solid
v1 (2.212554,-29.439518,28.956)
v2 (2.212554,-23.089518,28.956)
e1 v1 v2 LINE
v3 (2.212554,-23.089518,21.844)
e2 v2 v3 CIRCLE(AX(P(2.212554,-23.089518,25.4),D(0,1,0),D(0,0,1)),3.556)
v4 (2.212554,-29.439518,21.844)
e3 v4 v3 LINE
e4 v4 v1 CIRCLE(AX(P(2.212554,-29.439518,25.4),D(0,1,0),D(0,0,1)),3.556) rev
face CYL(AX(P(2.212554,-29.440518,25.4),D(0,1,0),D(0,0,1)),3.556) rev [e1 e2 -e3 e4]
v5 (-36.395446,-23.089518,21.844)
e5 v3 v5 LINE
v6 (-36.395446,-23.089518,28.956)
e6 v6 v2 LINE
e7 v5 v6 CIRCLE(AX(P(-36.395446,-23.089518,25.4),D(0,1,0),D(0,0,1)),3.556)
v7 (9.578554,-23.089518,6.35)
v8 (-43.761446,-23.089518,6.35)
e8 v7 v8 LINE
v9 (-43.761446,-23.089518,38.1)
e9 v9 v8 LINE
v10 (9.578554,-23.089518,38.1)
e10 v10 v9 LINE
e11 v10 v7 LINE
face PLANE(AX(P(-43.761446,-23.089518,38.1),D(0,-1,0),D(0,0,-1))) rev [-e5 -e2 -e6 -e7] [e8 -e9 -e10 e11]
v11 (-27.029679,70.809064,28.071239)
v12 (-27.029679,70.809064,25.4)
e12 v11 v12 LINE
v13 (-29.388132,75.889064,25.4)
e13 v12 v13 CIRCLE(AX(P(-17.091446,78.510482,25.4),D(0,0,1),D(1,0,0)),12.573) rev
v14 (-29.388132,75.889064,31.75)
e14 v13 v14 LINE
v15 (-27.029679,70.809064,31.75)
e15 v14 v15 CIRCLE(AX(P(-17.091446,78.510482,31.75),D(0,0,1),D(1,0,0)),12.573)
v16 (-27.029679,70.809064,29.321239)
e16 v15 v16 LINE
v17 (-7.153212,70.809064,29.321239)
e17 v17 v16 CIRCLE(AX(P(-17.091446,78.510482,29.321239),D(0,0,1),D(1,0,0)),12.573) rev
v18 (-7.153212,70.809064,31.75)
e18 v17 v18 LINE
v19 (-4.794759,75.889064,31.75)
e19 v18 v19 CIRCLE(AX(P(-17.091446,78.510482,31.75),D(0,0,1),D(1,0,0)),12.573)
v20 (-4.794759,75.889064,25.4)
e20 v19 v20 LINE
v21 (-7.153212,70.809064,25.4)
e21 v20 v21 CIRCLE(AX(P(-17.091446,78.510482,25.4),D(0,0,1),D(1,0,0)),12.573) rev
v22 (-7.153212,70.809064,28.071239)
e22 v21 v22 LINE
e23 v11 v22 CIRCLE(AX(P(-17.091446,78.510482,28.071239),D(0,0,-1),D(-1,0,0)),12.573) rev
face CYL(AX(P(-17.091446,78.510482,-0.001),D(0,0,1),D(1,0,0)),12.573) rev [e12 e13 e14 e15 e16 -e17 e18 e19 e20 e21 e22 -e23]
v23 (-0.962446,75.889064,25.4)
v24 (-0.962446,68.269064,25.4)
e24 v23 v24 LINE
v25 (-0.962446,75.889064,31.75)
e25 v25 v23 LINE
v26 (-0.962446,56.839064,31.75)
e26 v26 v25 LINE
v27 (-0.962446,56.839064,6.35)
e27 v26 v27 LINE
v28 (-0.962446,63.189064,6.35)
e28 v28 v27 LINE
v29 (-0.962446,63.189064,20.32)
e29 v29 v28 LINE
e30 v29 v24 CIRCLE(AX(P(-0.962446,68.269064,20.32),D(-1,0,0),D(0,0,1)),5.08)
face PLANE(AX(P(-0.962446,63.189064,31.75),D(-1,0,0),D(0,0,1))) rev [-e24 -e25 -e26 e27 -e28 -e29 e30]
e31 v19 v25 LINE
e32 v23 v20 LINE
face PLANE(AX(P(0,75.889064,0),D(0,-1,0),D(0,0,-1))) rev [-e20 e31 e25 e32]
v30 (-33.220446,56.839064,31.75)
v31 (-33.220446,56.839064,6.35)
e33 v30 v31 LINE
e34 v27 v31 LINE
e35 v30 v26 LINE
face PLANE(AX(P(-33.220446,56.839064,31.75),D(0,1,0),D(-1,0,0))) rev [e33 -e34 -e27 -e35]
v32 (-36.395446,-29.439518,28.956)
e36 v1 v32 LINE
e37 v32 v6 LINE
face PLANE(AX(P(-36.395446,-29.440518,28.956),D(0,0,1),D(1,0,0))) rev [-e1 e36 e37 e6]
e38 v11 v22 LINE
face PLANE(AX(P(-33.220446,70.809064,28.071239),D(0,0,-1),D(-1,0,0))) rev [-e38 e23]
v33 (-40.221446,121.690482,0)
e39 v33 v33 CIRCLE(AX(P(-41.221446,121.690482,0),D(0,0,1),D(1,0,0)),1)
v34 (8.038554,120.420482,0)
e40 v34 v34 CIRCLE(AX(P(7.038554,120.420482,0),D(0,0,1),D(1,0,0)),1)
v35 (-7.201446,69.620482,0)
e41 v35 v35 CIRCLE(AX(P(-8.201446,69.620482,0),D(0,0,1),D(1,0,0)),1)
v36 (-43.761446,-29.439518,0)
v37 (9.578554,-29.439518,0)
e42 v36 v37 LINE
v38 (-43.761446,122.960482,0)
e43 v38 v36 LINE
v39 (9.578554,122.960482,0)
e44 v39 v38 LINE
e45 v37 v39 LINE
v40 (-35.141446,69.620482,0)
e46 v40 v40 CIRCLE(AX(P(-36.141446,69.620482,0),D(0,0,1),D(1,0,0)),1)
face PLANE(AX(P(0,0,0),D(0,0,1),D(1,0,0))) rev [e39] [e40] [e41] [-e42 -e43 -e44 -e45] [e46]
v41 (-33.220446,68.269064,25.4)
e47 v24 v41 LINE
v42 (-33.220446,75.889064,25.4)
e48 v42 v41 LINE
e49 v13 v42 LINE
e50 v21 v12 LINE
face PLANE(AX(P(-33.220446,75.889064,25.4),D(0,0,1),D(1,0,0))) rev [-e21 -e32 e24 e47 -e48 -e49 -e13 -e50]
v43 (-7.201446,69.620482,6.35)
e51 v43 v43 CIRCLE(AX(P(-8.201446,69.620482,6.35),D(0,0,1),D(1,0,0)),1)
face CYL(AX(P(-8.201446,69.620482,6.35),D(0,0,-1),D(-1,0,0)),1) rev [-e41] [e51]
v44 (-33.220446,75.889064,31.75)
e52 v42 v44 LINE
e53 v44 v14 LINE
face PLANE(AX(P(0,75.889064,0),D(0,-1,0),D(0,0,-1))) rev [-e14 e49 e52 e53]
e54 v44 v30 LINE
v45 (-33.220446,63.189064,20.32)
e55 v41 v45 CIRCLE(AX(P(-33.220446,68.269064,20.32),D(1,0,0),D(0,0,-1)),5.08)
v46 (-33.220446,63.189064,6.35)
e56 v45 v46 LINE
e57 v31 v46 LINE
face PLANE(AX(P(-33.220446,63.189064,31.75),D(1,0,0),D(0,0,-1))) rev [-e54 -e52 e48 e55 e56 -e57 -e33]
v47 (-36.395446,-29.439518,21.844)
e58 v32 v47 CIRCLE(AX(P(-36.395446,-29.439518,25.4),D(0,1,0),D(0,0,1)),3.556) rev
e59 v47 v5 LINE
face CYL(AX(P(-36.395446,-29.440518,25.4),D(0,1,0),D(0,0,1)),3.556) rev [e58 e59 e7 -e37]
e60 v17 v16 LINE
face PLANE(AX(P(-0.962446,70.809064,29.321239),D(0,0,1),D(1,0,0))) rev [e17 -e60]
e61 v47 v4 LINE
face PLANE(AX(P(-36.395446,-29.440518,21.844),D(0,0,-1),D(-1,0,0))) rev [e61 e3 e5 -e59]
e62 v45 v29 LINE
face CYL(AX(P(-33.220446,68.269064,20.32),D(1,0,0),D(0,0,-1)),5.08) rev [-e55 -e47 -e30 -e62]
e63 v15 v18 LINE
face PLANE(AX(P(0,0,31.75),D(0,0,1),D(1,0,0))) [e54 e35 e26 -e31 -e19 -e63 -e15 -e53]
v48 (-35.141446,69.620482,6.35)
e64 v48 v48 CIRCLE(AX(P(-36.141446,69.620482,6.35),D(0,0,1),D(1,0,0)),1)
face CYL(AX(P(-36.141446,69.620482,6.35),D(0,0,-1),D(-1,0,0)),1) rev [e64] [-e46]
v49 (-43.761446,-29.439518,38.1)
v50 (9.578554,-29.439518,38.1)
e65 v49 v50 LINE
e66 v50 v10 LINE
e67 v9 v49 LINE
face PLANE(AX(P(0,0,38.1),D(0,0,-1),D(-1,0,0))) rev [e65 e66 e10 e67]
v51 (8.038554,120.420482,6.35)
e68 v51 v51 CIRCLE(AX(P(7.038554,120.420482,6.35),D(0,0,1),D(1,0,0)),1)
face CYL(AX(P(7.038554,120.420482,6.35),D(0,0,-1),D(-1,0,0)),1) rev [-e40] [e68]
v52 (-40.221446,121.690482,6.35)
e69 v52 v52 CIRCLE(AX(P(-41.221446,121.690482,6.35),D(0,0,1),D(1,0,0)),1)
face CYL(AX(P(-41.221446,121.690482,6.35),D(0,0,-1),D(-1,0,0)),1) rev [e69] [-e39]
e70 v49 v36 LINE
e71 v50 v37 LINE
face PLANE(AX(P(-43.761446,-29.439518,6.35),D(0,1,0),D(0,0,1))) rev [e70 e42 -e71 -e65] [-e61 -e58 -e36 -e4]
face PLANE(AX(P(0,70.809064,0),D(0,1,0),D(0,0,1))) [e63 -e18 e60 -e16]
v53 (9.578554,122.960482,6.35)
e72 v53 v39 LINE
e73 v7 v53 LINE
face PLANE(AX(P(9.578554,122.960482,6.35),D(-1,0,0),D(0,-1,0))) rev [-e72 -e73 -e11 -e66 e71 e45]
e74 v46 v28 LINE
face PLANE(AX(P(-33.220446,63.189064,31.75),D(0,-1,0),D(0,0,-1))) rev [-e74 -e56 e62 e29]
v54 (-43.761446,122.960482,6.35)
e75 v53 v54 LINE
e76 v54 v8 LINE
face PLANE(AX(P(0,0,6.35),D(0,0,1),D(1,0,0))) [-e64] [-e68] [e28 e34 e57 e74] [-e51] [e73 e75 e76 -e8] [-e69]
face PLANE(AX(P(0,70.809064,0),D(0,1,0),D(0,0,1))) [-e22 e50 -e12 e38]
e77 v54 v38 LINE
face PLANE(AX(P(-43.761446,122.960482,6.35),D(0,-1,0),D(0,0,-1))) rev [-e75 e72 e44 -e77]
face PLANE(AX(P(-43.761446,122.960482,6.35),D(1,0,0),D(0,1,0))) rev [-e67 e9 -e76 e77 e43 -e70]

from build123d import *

# Parameters (mm, degrees)
SKETCH1_W           = 53.34
SKETCH1_H           = 152.4
SKETCH1_R           = 1
BOSS_EXTRUDE1_DEPTH = 6.35
SKETCH2_W           = 32.258
SKETCH2_H           = 6.35
BOSS_EXTRUDE2_DEPTH = 31.75
SKETCH3_W           = 32.258
SKETCH3_H           = 6.35
BOSS_EXTRUDE3_DEPTH = 12.7
CUT_EXTRUDE1_REACH  = 136.322
SKETCH4_R           = 12.573
SKETCH5_W           = 32.258
SKETCH5_H           = 2.671239047
SKETCH5_H_2         = 2.428760953
BOSS_EXTRUDE4_DEPTH = 7.62
FILLET1_R           = 5.08
SKETCH6_W           = 53.34
SKETCH6_H           = 6.35
BOSS_EXTRUDE5_DEPTH = 31.75
CUT_EXTRUDE3_REACH  = 159.154


with BuildPart() as part:
    # Sketch1 → Boss-Extrude1 (new body)
    with BuildSketch(Plane.XY):
        with Locations((-17.091445783, 46.760481928)):
            Rectangle(SKETCH1_W, SKETCH1_H)
        with Locations((-36.141445783, 69.620481928)):
            Circle(SKETCH1_R, mode=Mode.SUBTRACT)
        with Locations((-8.201445783, 69.620481928)):
            Circle(SKETCH1_R, mode=Mode.SUBTRACT)
        with Locations((-41.221445783, 121.690481928)):
            Circle(SKETCH1_R, mode=Mode.SUBTRACT)
        with Locations((7.038554217, 120.420481928)):
            Circle(SKETCH1_R, mode=Mode.SUBTRACT)
    extrude(amount=BOSS_EXTRUDE1_DEPTH)

    # Sketch2 → Boss-Extrude2 (add)
    with BuildSketch(Plane.XY):
        with Locations((-17.091445783, 60.014063864)):
            Rectangle(SKETCH2_W, SKETCH2_H)
    extrude(amount=BOSS_EXTRUDE2_DEPTH)

    # Sketch3 → Boss-Extrude3 (add)
    with BuildSketch(Plane(origin=(0, 63.189063864, 0), x_dir=(1, 0, 0), z_dir=(0, 1, 0))):
        with Locations((-17.091445783, -28.575)):
            Rectangle(SKETCH3_W, SKETCH3_H)
    extrude(amount=BOSS_EXTRUDE3_DEPTH)

    # Sketch4 → Cut-Extrude1 (cut, up to next)
    with BuildSketch(Plane.XY.offset(31.75), mode=Mode.PRIVATE) as cut_extrude1_sk1:
        with Locations((-17.091445783, 78.510481928)):
            Circle(SKETCH4_R)
    cut_extrude1_tool1 = extrude(cut_extrude1_sk1.sketch, amount=-CUT_EXTRUDE1_REACH, mode=Mode.PRIVATE) & part.part
    add(cut_extrude1_tool1.solids().sort_by_distance((-17.091446, 78.510482, 31.75))[0], mode=Mode.SUBTRACT)

    # Sketch5 → Boss-Extrude4 (add)
    with BuildSketch(Plane(origin=(0, 63.189063864, 0), x_dir=(1, 0, 0), z_dir=(0, 1, 0))):
        with Locations((-17.091445783, -26.735619524)):
            Rectangle(SKETCH5_W, SKETCH5_H)
        with Locations((-17.091445783, -30.535619524)):
            Rectangle(SKETCH5_W, SKETCH5_H_2)
    extrude(amount=BOSS_EXTRUDE4_DEPTH)

    # Fillet1
    fillet1_edges = [part.edges().sort_by_distance(p)[0] for p in [
        (-17.091445783, 63.189063864, 25.4),
    ]]
    fillet(fillet1_edges, radius=FILLET1_R)

    # Sketch6 → Boss-Extrude5 (add)
    with BuildSketch(Plane.XY.offset(6.35)):
        with Locations((-17.091445783, -26.264518072)):
            Rectangle(SKETCH6_W, SKETCH6_H)
    extrude(amount=BOSS_EXTRUDE5_DEPTH)

    # Sketch7 → Cut-Extrude3 (cut, up to next)
    with BuildSketch(Plane(origin=(0, -23.089518072, 0), x_dir=(1, 0, 0), z_dir=(0, 1, 0)), mode=Mode.PRIVATE) as cut_extrude3_sk1:
        with BuildLine():
            Line((-36.395445783, -21.844), (2.212554217, -21.844))
            ThreePointArc((2.212554217, -21.844), (5.768554217, -25.4), (2.212554217, -28.956))
            Line((2.212554217, -28.956), (-36.395445783, -28.956))
            ThreePointArc((-36.395445783, -28.956), (-39.951445783, -25.4), (-36.395445783, -21.844))
        make_face()
    cut_extrude3_tool1 = extrude(cut_extrude3_sk1.sketch, amount=-CUT_EXTRUDE3_REACH, mode=Mode.PRIVATE) & part.part
    add(cut_extrude3_tool1.solids().sort_by_distance((-17.091446, -23.089518, 25.4))[0], mode=Mode.SUBTRACT)


solid = part.part
